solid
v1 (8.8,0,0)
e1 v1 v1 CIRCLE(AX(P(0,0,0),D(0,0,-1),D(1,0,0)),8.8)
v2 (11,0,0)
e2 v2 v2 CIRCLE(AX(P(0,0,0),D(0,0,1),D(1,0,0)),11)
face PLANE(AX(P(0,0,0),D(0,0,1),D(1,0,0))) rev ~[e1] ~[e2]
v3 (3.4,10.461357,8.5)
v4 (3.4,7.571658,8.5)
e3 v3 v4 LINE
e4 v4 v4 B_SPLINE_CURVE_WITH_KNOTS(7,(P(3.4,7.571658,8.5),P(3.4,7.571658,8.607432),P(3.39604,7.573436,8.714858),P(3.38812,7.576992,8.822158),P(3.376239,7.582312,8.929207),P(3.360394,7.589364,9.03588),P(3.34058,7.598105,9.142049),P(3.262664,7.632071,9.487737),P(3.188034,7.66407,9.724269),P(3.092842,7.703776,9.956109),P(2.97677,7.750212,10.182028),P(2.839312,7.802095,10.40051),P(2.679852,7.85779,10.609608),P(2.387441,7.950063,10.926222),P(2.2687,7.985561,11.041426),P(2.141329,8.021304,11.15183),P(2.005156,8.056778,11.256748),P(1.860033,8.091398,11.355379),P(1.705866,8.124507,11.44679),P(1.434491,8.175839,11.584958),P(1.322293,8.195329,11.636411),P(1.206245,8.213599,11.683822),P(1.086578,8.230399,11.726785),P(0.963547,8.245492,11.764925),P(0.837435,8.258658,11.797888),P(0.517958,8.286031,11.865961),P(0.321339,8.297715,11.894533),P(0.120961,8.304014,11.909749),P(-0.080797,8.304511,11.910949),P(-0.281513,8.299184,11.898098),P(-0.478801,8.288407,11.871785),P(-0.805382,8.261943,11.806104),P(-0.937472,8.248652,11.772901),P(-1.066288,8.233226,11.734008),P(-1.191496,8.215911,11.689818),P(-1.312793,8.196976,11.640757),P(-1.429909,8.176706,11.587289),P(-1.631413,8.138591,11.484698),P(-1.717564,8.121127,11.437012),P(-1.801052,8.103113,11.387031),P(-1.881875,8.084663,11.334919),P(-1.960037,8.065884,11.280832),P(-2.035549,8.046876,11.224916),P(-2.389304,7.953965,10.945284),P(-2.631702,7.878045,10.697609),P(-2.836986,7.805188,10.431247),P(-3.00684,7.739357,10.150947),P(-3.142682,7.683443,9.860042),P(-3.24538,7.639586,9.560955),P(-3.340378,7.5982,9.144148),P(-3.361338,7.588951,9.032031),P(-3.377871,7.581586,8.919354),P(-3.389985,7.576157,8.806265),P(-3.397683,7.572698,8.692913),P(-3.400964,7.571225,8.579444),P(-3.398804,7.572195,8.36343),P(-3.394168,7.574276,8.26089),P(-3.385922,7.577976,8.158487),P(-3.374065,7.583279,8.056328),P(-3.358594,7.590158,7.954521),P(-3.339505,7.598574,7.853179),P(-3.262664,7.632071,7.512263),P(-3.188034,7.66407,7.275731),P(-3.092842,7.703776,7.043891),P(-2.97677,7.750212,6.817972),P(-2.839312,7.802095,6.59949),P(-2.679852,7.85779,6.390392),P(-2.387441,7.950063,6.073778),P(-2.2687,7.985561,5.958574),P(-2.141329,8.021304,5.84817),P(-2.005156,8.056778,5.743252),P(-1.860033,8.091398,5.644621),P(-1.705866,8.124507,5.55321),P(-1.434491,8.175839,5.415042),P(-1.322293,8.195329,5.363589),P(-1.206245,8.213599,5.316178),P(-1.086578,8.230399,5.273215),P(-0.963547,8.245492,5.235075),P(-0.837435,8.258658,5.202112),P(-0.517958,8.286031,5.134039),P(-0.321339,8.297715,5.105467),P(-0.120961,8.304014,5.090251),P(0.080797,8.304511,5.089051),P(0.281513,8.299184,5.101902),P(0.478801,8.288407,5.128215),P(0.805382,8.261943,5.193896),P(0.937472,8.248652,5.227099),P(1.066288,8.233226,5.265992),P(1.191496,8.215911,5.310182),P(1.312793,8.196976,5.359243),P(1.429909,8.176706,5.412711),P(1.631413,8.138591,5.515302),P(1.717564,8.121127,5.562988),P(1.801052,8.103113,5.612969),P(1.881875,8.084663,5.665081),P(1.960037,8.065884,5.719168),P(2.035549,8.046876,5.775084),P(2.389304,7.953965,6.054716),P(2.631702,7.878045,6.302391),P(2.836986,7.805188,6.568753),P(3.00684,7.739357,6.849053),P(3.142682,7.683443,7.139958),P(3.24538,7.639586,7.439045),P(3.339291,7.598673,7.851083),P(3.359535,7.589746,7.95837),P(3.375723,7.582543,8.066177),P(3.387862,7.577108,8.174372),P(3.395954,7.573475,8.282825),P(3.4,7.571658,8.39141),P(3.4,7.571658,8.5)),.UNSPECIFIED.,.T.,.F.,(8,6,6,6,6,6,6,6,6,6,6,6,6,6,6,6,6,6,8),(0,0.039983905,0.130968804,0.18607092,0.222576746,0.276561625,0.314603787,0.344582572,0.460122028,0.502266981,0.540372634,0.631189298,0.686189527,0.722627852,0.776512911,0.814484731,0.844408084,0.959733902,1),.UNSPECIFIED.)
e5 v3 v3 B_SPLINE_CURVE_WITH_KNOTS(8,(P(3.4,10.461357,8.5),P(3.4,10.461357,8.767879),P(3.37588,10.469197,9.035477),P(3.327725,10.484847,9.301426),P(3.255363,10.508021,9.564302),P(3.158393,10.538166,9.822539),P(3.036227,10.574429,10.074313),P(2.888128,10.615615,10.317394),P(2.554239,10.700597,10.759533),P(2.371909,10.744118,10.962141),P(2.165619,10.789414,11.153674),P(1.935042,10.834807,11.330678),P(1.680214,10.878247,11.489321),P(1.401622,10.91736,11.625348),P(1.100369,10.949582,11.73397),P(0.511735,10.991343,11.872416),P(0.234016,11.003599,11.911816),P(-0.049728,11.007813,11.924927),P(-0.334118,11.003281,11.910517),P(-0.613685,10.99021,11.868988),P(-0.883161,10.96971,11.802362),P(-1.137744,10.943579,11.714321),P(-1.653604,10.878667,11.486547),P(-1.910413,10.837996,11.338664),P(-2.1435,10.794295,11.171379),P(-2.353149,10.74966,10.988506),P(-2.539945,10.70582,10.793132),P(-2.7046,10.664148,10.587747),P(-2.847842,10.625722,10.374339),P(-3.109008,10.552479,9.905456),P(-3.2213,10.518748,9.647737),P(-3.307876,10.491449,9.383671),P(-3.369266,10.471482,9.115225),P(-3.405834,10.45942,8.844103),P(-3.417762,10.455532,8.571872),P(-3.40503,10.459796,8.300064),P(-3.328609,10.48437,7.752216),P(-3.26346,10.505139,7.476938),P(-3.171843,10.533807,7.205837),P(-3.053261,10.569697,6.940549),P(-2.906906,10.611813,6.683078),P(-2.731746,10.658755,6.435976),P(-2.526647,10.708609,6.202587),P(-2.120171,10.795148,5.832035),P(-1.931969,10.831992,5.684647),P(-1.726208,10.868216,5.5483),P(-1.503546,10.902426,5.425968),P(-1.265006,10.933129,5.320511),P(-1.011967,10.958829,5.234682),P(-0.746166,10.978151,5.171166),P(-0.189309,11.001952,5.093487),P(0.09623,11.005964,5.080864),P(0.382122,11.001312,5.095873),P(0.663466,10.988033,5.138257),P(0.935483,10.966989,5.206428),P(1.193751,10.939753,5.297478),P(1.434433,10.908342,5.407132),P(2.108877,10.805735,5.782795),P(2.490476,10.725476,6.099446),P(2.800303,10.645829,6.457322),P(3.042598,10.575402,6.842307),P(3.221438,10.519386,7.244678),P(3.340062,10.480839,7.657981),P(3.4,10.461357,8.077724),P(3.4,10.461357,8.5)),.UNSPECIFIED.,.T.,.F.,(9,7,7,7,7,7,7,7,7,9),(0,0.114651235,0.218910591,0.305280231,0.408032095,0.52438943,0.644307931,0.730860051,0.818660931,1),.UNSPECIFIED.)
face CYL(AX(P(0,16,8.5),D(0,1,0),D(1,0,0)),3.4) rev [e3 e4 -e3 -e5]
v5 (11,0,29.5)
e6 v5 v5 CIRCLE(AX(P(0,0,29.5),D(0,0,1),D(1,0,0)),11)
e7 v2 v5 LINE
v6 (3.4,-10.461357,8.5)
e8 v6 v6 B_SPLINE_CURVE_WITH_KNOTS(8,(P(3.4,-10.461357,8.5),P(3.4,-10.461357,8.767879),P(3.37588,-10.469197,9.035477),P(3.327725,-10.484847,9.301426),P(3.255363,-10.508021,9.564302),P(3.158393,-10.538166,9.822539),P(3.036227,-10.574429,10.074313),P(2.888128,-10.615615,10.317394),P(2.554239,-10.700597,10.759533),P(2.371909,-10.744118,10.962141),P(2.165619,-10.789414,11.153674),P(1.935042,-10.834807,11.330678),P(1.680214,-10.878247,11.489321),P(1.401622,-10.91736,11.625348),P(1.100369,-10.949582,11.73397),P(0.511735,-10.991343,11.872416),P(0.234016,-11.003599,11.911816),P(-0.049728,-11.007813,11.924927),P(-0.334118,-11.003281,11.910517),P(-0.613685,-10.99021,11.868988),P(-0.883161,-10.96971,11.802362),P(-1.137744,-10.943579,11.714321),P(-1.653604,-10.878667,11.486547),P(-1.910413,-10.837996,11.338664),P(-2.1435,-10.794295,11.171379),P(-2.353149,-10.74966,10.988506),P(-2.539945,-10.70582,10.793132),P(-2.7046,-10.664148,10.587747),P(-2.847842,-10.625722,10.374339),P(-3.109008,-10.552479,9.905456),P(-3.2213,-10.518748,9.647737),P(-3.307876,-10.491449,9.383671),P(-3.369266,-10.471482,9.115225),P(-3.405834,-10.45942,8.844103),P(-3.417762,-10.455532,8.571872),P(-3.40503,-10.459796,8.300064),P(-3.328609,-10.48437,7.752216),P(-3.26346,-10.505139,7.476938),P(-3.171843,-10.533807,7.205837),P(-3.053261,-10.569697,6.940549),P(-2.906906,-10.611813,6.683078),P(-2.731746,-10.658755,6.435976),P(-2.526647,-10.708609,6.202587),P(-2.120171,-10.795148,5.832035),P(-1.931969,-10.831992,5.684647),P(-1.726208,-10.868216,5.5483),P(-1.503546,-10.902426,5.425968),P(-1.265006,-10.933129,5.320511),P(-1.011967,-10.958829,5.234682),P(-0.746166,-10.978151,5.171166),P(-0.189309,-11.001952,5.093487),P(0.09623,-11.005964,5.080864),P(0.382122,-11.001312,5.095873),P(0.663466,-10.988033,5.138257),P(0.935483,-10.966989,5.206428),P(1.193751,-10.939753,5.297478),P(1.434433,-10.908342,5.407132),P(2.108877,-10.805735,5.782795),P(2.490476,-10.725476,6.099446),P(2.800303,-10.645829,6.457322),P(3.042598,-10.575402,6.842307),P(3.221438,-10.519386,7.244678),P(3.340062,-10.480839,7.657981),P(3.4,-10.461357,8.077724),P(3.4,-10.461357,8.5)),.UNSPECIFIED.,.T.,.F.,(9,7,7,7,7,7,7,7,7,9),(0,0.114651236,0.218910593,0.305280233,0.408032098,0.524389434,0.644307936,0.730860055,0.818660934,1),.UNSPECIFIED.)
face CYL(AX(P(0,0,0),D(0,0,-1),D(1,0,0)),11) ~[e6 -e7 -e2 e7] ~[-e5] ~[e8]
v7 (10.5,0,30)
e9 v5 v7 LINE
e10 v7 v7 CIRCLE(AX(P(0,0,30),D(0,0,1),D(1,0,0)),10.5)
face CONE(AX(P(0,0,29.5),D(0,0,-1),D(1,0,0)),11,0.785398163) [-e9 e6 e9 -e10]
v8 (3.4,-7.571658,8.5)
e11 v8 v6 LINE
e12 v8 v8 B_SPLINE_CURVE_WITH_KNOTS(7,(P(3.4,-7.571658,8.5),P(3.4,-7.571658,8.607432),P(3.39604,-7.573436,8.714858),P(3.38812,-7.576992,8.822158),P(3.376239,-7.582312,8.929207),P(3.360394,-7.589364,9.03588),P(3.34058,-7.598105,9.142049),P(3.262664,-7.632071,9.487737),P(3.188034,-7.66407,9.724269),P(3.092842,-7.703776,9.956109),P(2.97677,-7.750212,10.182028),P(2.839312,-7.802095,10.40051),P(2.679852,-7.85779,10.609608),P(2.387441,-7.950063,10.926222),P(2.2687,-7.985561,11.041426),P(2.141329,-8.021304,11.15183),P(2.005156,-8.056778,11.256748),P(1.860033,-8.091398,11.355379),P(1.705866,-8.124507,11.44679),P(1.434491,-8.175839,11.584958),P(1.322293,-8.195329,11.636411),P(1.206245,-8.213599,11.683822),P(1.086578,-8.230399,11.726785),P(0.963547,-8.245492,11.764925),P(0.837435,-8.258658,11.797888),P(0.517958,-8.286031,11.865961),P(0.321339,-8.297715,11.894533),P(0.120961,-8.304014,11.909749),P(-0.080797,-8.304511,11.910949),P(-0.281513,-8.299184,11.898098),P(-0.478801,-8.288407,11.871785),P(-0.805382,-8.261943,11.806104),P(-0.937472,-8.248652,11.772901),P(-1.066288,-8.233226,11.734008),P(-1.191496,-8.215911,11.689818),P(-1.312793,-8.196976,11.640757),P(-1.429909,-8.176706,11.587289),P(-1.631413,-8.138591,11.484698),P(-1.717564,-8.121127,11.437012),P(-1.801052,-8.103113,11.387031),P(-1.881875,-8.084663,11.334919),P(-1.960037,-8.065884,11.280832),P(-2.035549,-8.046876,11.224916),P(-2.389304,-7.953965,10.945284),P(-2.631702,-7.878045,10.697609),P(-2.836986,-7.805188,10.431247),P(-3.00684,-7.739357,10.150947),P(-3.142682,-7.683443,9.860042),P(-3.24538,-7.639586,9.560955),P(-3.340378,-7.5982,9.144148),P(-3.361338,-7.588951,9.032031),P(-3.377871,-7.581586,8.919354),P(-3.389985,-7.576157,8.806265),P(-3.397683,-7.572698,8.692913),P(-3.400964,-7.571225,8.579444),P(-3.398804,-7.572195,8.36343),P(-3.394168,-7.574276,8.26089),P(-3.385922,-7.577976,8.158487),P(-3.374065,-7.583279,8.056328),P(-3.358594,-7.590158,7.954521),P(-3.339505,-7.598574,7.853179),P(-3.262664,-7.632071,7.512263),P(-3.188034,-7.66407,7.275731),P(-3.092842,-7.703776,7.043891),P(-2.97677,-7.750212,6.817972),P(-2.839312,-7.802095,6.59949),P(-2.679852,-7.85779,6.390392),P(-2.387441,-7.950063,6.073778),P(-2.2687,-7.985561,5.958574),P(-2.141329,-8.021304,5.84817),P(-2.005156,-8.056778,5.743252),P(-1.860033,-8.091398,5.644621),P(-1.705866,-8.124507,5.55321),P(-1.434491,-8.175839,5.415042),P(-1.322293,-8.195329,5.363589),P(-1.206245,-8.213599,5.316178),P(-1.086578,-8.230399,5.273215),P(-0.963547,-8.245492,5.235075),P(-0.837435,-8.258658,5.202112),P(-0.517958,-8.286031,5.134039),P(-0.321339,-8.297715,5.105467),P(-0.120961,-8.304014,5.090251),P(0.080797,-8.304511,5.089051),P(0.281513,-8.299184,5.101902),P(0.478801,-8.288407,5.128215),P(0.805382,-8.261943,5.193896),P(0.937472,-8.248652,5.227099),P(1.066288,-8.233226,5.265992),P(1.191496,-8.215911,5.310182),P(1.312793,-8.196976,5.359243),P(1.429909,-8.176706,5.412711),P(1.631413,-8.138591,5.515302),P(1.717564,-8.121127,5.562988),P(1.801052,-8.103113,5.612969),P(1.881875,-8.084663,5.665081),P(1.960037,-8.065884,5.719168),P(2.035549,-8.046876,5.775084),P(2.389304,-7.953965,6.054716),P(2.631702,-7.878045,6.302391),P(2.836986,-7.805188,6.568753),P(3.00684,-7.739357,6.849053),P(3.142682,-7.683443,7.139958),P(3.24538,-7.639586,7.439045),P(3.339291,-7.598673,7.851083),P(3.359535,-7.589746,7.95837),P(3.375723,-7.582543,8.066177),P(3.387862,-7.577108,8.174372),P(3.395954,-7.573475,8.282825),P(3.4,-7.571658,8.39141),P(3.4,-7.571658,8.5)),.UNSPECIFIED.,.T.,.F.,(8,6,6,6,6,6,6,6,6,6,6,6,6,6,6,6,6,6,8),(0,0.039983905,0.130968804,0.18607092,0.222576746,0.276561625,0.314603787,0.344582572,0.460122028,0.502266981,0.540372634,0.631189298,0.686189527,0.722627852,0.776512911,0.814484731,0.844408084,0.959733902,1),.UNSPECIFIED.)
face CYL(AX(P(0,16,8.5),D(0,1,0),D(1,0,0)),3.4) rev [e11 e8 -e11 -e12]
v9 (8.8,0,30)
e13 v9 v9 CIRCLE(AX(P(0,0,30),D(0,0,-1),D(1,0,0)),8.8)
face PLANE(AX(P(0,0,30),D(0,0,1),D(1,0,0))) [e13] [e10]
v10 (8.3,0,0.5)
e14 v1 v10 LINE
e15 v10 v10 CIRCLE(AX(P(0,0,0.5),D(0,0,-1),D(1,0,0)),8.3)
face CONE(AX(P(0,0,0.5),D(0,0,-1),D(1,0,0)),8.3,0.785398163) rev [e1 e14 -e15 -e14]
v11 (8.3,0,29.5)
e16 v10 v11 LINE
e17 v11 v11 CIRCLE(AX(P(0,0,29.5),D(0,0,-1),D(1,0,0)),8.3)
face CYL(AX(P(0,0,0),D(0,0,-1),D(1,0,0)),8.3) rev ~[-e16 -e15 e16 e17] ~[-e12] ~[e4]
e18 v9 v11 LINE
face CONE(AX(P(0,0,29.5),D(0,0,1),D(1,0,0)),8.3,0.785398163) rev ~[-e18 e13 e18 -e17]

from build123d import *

# Parameters (mm, degrees)
CYLINDER_R          = 3.4
CYLINDER_DEPTH      = 100
CYLINDER_ROLL_ANGLE = 90
SKETCH_R            = 11
PAD_DEPTH           = 30
SKETCH001_R         = 8.3
POCKET_DEPTH        = 30.001
CHAMFER_SIZE        = 0.5


with BuildPart() as cylinder:
    # Cylinder → Cylinder (new body)
    with BuildSketch(Plane.XY):
        Circle(CYLINDER_R)
    extrude(amount=CYLINDER_DEPTH)


with BuildPart() as cylinder_1:
    # Cylinder roll: moved
    add(cylinder.part.rotate(Axis((0, 0, 0), (1, 0, 0)), CYLINDER_ROLL_ANGLE))


with BuildPart() as cylinder_2:
    # Cylinder placement: moved
    add(cylinder_1.part.moved(Location((0, 16, 8.5))))


with BuildPart() as chamfer_body:
    # Sketch → Pad (new body)
    with BuildSketch(Plane.XY):
        Circle(SKETCH_R)
    extrude(amount=PAD_DEPTH)

    # Sketch001 → Pocket (cut, through all)
    with BuildSketch(Plane(origin=(0, 0, 0), x_dir=(1, 0, 0), z_dir=(0, 0, -1))):
        Circle(SKETCH001_R)
    extrude(amount=-POCKET_DEPTH, mode=Mode.SUBTRACT)

    # Cut: cut Cylinder
    add(cylinder_2.part, mode=Mode.SUBTRACT)

    # Chamfer
    chamfer_edges = [chamfer_body.edges().sort_by_distance(p)[0] for p in [
        (-8.3, 0, 0),
        (-8.3, 0, 30),
        (-11, 0, 30),
    ]]
    chamfer(chamfer_edges, length=CHAMFER_SIZE)


solid = chamfer_body.part
